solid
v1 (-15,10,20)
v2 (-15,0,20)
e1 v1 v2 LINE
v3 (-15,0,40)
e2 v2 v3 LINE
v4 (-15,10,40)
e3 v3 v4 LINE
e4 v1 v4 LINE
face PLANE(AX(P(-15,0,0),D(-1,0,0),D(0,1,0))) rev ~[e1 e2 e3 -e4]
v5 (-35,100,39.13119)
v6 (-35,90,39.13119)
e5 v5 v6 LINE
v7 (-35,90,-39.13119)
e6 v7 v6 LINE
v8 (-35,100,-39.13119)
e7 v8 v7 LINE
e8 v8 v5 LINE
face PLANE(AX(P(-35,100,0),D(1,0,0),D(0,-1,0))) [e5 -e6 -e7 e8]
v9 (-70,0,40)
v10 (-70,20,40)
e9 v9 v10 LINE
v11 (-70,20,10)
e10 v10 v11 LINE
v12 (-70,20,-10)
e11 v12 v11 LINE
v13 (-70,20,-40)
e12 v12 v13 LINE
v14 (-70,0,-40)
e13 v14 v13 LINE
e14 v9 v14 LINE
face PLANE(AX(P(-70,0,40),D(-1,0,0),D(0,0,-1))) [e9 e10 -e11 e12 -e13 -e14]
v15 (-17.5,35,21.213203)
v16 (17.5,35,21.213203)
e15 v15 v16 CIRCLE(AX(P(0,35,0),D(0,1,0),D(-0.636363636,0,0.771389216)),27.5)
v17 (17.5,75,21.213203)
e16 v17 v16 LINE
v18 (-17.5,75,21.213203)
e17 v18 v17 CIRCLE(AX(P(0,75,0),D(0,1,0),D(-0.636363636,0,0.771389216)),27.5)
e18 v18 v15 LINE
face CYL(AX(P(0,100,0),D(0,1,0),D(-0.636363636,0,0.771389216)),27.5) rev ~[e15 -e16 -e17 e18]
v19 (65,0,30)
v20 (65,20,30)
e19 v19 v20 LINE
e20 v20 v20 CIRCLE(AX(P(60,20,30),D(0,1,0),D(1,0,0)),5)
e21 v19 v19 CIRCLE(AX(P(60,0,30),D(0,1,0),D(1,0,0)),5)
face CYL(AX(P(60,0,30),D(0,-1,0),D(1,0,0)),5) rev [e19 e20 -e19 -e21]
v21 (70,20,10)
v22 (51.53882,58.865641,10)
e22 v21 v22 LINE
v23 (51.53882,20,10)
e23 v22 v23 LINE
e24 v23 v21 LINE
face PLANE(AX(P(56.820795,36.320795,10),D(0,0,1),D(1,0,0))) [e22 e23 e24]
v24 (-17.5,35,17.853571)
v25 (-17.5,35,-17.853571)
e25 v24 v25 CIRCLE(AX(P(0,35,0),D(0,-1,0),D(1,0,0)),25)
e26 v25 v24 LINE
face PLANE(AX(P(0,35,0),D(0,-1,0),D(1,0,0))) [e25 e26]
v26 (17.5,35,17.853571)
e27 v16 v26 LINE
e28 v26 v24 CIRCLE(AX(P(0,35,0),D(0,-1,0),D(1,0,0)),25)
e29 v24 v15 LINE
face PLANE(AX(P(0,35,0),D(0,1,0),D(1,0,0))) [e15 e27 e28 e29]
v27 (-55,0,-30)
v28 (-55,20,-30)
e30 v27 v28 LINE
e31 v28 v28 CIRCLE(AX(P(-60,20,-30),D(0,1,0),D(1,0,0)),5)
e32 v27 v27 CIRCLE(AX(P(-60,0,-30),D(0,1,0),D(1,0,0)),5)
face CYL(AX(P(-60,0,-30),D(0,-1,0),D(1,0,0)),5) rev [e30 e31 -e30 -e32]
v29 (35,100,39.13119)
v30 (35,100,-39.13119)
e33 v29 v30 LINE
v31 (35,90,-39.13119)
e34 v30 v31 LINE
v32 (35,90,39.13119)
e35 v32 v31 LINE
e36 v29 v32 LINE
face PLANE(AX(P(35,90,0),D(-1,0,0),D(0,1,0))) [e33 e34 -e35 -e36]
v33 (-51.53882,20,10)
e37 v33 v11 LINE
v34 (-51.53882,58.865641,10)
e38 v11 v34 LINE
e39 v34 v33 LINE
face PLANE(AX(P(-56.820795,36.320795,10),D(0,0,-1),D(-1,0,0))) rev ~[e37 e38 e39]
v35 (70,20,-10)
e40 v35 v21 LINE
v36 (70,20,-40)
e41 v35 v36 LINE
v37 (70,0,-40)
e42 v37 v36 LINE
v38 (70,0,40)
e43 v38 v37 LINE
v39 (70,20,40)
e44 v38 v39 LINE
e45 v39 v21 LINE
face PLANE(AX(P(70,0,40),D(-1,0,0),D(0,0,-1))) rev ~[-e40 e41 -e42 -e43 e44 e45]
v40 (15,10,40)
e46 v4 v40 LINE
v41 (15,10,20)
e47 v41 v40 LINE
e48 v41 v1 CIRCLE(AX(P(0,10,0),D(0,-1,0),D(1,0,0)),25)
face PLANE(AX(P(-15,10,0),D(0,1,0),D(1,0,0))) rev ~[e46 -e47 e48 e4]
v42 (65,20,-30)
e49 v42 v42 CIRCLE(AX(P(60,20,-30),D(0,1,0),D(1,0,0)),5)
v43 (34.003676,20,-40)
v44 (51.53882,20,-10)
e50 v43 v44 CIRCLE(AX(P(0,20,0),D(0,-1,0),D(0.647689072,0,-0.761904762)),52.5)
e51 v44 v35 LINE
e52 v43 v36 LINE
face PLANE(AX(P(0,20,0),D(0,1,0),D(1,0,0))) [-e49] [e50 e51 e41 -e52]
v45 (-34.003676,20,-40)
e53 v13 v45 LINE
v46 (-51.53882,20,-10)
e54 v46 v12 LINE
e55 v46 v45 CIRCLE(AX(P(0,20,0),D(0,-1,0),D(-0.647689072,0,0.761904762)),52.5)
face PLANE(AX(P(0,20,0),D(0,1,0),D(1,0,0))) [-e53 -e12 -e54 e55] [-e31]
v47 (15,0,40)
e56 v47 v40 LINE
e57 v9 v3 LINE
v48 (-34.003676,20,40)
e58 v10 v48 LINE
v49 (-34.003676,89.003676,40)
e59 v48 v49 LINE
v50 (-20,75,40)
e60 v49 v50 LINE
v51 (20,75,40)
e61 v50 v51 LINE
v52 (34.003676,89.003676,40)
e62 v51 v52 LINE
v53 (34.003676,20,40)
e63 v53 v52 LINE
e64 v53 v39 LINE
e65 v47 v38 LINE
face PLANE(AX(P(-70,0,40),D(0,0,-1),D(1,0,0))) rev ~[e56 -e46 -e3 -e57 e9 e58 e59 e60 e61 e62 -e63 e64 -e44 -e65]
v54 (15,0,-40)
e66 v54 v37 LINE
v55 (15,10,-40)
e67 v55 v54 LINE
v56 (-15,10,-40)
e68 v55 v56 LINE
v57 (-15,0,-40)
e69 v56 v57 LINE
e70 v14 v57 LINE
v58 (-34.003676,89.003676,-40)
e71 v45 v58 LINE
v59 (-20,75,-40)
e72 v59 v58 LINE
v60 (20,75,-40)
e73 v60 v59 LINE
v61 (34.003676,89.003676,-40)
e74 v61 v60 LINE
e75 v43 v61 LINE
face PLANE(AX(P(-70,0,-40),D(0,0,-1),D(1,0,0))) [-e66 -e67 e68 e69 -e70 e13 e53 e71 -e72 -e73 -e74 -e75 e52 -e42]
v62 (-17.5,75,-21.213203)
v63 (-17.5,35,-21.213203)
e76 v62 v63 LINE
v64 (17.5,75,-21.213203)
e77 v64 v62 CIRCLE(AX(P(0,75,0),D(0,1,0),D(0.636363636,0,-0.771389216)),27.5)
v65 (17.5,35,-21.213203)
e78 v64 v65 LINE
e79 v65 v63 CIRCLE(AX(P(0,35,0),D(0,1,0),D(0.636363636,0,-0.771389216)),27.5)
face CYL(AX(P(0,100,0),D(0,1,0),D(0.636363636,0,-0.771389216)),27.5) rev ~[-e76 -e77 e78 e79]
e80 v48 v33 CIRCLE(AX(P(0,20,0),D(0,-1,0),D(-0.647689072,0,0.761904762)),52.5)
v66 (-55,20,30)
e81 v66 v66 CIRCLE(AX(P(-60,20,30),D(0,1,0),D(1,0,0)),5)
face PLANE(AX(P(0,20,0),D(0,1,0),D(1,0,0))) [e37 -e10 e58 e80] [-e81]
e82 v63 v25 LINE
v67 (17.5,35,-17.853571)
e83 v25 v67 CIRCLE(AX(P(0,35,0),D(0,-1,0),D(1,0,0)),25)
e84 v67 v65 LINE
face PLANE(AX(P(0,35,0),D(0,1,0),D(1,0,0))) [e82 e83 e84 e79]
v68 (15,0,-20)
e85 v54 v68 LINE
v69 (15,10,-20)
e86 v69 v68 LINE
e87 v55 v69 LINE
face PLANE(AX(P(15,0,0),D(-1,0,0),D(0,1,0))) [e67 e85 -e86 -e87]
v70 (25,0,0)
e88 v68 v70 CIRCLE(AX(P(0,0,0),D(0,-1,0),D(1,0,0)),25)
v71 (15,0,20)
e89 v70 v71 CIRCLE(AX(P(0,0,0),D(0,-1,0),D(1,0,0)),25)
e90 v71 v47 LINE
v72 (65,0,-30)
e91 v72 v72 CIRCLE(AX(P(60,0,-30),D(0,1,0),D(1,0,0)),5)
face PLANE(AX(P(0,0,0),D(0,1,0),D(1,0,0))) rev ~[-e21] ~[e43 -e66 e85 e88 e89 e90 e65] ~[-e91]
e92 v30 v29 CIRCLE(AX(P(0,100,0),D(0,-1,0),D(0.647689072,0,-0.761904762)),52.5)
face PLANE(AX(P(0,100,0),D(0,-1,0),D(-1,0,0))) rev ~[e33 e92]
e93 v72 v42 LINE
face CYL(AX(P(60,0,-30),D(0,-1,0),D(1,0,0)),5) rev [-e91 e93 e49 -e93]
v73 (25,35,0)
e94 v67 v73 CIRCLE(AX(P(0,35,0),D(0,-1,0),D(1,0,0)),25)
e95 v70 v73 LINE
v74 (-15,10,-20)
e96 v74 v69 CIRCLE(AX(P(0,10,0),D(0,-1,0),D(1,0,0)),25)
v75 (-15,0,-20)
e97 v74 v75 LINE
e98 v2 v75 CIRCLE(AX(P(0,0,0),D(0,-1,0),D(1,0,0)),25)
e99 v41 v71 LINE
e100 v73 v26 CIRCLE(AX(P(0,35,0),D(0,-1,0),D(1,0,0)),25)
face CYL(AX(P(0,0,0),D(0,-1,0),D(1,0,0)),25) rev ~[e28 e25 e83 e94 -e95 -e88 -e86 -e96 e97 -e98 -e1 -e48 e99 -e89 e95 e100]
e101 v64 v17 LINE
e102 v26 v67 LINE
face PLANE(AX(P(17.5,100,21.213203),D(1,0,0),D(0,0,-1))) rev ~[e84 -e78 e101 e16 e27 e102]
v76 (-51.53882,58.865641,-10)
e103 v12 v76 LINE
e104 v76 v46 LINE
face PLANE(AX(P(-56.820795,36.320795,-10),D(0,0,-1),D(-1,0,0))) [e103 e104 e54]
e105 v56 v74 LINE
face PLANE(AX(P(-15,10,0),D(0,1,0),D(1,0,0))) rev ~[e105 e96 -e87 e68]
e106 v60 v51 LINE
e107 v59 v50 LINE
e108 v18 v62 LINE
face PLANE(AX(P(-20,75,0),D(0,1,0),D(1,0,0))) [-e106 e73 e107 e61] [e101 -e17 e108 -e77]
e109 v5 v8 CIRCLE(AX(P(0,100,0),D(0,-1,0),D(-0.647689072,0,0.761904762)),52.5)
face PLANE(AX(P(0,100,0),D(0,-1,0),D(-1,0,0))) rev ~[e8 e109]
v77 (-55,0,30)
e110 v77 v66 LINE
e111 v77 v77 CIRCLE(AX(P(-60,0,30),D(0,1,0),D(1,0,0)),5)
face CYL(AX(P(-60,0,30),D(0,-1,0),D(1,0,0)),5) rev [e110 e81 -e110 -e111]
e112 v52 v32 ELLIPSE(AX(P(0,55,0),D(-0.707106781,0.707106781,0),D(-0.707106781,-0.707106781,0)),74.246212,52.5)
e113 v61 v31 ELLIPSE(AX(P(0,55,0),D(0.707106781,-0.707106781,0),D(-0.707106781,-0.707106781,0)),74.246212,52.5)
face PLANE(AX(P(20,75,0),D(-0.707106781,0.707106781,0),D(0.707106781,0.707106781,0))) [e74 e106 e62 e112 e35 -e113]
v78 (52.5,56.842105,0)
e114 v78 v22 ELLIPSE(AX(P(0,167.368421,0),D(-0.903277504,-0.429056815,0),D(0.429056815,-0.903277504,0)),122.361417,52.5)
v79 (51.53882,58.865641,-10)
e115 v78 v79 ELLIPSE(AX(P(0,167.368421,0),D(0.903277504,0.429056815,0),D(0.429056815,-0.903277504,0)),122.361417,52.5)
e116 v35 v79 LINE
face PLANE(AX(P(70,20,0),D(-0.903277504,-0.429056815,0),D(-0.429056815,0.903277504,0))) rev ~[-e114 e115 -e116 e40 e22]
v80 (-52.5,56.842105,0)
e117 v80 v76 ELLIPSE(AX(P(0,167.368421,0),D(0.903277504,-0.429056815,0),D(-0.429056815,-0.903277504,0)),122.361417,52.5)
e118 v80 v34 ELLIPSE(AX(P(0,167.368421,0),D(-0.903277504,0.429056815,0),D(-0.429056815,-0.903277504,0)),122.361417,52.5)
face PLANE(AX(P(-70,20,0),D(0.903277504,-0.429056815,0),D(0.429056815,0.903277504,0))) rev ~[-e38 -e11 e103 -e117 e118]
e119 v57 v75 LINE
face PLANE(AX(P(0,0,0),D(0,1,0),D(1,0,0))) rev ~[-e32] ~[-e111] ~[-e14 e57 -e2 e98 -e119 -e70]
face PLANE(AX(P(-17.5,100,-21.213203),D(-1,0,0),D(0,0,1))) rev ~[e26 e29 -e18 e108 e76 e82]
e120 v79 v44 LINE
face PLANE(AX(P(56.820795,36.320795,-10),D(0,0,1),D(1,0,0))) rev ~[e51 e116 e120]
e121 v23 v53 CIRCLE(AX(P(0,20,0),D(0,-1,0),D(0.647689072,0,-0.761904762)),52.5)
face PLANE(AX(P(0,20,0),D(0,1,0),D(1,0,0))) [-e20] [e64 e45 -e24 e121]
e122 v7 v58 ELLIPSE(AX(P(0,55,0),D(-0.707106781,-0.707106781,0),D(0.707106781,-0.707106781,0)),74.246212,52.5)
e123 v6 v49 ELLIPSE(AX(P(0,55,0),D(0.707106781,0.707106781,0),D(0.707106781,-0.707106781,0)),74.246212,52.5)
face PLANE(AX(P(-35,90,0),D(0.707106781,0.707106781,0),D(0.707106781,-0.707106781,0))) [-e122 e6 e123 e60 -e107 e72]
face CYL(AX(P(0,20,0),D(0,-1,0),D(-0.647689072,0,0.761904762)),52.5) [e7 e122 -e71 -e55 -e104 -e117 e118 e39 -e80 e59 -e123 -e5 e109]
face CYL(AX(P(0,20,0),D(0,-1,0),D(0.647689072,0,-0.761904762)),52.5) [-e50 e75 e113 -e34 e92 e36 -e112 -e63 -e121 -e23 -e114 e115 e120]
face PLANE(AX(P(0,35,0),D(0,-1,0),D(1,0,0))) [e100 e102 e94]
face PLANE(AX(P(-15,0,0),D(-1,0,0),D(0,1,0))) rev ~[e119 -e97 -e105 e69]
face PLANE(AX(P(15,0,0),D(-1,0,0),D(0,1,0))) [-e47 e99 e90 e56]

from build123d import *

# Parameters (mm, degrees)
SKETCH_1_W               = 140
SKETCH_1_H               = 80
SKETCH_1_R               = 5
EXTRUDE_1_DEPTH          = 20
EXTRUDE_2_DEPTH          = 80
CUT_EXTRUDE_1_DEPTH      = 65
CUT_EXTRUDE_2_DEPTH      = 41
CUT_EXTRUDE_2_DEPTH_BACK = 41
SKETCH_6_W               = 30
SKETCH_6_H               = 10
CUT_EXTRUDE_3_DEPTH      = 41
CUT_EXTRUDE_3_DEPTH_BACK = 41
SKETCH_7_R               = 25
CUT_EXTRUDE_4_DEPTH      = 35
EXTRUDE_3_DEPTH          = 10
EXTRUDE_3_DEPTH_BACK     = 10


with BuildPart() as part:
    # Эскиз1 → Бобышка-Вытянуть1 (new body)
    with BuildSketch(Plane(origin=(0, 0, 0), x_dir=(1, 0, 0), z_dir=(0, 1, 0))):
        Rectangle(SKETCH_1_W, SKETCH_1_H)
        with Locations((-60, 30)):
            Circle(SKETCH_1_R, mode=Mode.SUBTRACT)
        with Locations((60, 30)):
            Circle(SKETCH_1_R, mode=Mode.SUBTRACT)
        with Locations((60, -30)):
            Circle(SKETCH_1_R, mode=Mode.SUBTRACT)
        with Locations((-60, -30)):
            Circle(SKETCH_1_R, mode=Mode.SUBTRACT)
    extrude(amount=EXTRUDE_1_DEPTH)

    # Эскиз2 → Бобышка-Вытянуть2 (add)
    with BuildSketch(Plane(origin=(0, 20, 0), x_dir=(1, 0, 0), z_dir=(0, 1, 0))):
        with BuildLine():
            Line((-34.003676272, 40), (34.003676272, 40))
            ThreePointArc((34.003676272, 40), (52.5, 0), (34.003676272, -40))
            Line((34.003676272, -40), (-34.003676272, -40))
            ThreePointArc((-34.003676272, -40), (-52.5, 0), (-34.003676272, 40))
        make_face()
    extrude(amount=EXTRUDE_2_DEPTH)

    # Эскиз3 → Вырез-Вытянуть1 (cut)
    with BuildSketch(Plane(origin=(0, 100, 0), x_dir=(1, 0, 0), z_dir=(0, 1, 0))):
        with BuildLine():
            Line((17.5, -21.213203436), (17.5, 21.213203436))
            ThreePointArc((17.5, 21.213203436), (0, 27.5), (-17.5, 21.213203436))
            Line((-17.5, 21.213203436), (-17.5, -21.213203436))
            ThreePointArc((-17.5, -21.213203436), (0, -27.5), (17.5, -21.213203436))
        make_face()
    extrude(amount=-CUT_EXTRUDE_1_DEPTH, mode=Mode.SUBTRACT)

    # Эскиз5 → Вырез-Вытянуть2 (cut, two sides)
    with BuildSketch(Plane.XY) as cut_extrude_2_sk:
        Polygon((-20, 75), (20, 75), (35, 90), (35, 100), (-35, 100), (-35, 90), align=None)
    extrude(amount=CUT_EXTRUDE_2_DEPTH, mode=Mode.SUBTRACT)
    extrude(cut_extrude_2_sk.sketch, amount=-CUT_EXTRUDE_2_DEPTH_BACK, mode=Mode.SUBTRACT)

    # Эскиз6 → Вырез-Вытянуть3 (cut, two sides)
    with BuildSketch(Plane.XY) as cut_extrude_3_sk:
        with Locations((0, 5)):
            Rectangle(SKETCH_6_W, SKETCH_6_H)
    extrude(amount=CUT_EXTRUDE_3_DEPTH, mode=Mode.SUBTRACT)
    extrude(cut_extrude_3_sk.sketch, amount=-CUT_EXTRUDE_3_DEPTH_BACK, mode=Mode.SUBTRACT)

    # Эскиз7 → Вырез-Вытянуть4 (cut)
    with BuildSketch(Plane.XZ):
        Circle(SKETCH_7_R)
    extrude(amount=-CUT_EXTRUDE_4_DEPTH, mode=Mode.SUBTRACT)

    # Эскиз8 → Бобышка-Вытянуть3 (add, two sides)
    with BuildSketch(Plane.XY) as extrude_3_sk:
        Polygon((-70, 20), (-51, 60), (-51, 20), align=None)
        Polygon((51, 60), (51, 20), (70, 20), align=None)
    extrude(amount=EXTRUDE_3_DEPTH)
    extrude(extrude_3_sk.sketch, amount=-EXTRUDE_3_DEPTH_BACK)


solid = part.part
